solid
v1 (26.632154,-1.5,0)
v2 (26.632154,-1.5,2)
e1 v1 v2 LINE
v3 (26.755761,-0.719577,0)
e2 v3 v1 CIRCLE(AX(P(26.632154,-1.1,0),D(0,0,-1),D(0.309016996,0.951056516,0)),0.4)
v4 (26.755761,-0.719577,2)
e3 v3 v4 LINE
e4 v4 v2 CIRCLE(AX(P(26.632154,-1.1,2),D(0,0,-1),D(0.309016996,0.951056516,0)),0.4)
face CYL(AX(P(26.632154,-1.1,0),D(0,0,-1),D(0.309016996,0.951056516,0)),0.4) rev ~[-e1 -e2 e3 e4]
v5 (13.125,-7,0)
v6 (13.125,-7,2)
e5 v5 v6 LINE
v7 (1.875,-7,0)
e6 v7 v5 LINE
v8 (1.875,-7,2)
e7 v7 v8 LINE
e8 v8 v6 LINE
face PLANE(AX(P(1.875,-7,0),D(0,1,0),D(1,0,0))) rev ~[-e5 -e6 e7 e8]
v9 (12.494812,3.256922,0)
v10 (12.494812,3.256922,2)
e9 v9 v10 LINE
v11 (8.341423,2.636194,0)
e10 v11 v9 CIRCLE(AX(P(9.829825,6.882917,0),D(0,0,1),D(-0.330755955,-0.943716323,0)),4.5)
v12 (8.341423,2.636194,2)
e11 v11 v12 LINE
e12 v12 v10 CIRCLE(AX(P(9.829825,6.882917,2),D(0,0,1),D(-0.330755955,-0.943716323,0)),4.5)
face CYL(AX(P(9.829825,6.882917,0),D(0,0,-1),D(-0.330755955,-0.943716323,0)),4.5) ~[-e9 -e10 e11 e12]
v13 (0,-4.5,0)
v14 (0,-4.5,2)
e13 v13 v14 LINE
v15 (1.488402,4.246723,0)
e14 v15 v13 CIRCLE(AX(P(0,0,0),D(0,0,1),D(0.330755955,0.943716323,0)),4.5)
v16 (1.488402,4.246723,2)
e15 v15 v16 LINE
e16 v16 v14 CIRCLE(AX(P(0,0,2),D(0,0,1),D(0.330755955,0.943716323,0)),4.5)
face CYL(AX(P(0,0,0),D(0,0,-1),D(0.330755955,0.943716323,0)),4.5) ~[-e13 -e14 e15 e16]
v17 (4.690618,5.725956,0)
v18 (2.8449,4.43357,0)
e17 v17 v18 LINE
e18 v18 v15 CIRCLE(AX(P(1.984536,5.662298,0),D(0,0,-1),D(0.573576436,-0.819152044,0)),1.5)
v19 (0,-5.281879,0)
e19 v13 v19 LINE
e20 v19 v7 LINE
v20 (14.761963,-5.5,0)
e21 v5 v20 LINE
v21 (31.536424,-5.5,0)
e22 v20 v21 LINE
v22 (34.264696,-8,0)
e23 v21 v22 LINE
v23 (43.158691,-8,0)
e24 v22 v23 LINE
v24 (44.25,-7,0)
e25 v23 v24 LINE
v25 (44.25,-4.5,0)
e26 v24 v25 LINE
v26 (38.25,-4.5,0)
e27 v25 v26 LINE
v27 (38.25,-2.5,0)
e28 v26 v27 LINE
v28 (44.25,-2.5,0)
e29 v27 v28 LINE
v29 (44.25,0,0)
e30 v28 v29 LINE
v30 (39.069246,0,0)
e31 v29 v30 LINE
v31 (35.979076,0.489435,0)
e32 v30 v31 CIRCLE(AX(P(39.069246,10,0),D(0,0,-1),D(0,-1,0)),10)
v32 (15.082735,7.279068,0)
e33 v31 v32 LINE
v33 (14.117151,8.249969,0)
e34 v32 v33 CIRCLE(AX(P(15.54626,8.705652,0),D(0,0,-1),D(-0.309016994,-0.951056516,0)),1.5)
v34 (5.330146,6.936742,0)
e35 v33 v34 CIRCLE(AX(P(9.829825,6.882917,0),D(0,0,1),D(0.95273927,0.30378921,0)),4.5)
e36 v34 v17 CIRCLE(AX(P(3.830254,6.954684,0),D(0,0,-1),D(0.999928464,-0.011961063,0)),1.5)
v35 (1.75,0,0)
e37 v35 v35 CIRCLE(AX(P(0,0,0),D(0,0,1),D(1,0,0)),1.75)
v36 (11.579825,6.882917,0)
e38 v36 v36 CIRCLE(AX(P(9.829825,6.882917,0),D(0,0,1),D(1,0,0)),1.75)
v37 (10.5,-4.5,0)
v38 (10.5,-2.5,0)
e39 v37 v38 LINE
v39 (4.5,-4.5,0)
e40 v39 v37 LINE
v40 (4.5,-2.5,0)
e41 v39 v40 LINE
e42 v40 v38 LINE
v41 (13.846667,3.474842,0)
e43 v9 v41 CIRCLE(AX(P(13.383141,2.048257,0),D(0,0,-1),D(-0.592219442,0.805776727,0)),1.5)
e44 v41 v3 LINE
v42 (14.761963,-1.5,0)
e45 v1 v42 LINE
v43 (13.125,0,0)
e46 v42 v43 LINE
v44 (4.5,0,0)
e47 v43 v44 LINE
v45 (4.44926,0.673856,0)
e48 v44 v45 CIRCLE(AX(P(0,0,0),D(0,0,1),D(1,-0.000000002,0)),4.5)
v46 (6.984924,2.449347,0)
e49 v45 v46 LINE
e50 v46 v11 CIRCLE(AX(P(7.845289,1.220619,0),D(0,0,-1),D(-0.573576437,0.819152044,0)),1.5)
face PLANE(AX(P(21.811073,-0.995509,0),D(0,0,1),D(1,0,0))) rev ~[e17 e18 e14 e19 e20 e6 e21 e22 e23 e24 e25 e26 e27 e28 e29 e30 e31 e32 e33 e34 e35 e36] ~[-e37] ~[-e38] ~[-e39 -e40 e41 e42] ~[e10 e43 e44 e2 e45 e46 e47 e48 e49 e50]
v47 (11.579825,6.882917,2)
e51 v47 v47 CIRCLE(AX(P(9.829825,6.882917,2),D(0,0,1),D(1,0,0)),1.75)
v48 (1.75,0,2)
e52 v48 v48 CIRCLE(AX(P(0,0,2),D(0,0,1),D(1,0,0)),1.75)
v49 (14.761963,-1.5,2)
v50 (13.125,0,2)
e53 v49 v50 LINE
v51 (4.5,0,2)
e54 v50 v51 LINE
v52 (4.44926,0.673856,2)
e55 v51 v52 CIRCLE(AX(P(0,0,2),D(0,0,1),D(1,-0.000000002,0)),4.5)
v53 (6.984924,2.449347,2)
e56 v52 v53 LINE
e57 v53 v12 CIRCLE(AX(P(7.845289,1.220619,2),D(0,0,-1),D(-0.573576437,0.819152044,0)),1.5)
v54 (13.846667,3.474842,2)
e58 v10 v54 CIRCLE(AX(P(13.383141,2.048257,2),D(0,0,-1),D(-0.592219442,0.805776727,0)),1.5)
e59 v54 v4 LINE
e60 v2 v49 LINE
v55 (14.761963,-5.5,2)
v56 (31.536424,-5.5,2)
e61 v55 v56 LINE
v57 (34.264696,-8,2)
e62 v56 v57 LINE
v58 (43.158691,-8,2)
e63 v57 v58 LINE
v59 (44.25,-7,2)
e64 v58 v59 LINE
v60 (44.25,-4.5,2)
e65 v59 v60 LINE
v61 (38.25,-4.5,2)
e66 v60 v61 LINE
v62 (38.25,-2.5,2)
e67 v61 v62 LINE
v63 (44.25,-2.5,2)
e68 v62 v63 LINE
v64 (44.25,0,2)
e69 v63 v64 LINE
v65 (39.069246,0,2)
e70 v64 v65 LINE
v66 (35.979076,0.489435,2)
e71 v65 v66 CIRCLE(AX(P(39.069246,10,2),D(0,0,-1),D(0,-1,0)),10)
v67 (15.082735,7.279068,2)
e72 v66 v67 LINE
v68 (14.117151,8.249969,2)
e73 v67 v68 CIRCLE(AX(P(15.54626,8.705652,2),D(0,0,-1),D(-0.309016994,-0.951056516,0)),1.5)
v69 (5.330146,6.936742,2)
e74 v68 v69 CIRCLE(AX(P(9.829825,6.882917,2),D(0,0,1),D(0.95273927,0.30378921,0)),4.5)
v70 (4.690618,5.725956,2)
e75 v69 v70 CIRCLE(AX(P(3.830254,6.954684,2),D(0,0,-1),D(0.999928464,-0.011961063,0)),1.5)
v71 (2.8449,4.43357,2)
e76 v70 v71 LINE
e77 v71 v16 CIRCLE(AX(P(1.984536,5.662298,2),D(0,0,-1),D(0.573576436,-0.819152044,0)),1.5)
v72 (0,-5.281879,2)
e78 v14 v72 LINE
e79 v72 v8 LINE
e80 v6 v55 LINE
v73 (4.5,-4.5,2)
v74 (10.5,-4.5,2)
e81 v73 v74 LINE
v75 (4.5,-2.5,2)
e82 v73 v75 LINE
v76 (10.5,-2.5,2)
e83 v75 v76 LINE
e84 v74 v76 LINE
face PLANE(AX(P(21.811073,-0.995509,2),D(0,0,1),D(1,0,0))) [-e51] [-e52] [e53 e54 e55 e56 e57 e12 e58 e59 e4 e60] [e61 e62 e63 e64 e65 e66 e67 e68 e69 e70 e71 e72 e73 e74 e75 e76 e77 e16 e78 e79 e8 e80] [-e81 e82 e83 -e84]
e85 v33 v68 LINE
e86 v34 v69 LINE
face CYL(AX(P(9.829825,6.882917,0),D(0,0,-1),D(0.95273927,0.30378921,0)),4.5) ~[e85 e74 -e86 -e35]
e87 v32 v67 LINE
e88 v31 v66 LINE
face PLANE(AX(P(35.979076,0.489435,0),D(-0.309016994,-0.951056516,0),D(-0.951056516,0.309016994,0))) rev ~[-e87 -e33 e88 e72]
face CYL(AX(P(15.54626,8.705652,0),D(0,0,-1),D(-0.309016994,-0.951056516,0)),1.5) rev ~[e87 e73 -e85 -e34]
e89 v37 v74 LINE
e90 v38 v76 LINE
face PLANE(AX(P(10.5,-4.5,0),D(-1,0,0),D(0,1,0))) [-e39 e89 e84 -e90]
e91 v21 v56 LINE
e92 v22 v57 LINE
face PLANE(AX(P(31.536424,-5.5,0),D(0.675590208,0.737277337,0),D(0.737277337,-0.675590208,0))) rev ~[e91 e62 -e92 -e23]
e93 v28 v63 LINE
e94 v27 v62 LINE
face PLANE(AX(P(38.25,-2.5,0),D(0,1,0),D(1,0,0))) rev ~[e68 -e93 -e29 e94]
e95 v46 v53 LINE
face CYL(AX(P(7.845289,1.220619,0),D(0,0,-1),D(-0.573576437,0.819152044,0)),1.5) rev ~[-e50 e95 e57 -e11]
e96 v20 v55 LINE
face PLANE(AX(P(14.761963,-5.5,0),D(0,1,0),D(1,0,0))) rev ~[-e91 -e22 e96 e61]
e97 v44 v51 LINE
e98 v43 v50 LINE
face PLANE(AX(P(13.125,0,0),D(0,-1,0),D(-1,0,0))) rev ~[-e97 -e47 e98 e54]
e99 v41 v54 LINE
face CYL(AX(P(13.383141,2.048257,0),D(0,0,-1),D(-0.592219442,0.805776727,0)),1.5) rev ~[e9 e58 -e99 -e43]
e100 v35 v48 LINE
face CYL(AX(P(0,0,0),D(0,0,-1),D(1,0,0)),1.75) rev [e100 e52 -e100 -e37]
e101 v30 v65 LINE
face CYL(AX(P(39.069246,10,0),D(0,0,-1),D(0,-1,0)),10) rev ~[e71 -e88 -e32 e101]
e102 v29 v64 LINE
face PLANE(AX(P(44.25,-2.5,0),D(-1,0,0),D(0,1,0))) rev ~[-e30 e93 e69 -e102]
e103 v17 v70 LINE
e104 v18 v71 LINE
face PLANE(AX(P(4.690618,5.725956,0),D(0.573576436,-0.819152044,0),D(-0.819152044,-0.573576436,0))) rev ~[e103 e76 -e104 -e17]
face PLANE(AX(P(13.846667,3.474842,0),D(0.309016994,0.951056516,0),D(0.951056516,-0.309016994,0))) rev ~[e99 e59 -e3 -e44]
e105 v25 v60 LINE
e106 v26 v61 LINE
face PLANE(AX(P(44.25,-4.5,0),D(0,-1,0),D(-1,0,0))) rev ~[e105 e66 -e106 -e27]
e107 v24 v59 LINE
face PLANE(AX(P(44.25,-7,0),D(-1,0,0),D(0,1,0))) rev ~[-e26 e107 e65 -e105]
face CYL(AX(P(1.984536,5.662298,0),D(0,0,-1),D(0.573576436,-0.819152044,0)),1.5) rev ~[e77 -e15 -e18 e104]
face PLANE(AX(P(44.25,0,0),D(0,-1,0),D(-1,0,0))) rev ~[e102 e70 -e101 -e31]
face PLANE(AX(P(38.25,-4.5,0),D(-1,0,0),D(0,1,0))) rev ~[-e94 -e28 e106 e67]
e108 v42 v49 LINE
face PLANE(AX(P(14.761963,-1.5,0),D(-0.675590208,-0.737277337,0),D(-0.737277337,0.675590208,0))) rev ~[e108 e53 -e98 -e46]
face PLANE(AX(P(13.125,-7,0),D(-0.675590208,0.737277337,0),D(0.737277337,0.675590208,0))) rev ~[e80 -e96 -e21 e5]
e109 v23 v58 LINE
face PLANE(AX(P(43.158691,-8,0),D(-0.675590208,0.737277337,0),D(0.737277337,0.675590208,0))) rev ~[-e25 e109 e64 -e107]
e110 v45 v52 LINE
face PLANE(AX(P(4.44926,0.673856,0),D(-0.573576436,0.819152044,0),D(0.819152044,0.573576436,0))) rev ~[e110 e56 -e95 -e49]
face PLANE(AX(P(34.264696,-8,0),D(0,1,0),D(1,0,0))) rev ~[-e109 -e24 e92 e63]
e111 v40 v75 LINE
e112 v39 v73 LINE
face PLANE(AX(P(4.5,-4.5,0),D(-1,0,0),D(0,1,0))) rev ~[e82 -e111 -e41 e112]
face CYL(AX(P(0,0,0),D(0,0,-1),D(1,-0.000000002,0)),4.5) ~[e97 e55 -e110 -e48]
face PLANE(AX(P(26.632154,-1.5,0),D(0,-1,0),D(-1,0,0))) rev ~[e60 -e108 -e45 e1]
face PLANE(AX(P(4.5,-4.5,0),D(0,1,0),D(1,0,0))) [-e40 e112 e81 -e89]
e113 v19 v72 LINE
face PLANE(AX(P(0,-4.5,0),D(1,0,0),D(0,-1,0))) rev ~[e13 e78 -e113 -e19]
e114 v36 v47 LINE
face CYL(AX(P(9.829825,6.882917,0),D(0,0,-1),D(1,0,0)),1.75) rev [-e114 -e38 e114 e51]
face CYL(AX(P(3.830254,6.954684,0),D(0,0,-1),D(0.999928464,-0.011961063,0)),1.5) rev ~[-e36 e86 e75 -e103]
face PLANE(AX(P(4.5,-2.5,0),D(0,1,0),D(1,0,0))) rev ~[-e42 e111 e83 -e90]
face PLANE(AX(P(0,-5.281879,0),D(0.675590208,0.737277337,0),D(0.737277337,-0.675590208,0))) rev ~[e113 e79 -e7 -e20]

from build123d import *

# Parameters (mm, degrees)
SKETCH1_R           = 1.75
SKETCH1_W           = 6
SKETCH1_H           = 2
BOSS_EXTRUDE1_DEPTH = 2


with BuildPart() as part:
    # Sketch1 → Boss-Extrude1 (new body)
    with BuildSketch(Plane.XY):
        with BuildLine():
            Line((4.690618402, 5.725955542), (2.844900384, 4.433569872))
            ThreePointArc((2.844900384, 4.433569872), (2.189215725, 4.176328188), (1.488401797, 4.246723454))
            ThreePointArc((1.488401797, 4.246723454), (-4.436229003, 0.754898821), (0, -4.5))
            Line((0, -4.5), (0, -5.281879049))
            Line((0, -5.281879049), (1.875, -7))
            Line((1.875, -7), (13.125, -7))
            Line((13.125, -7), (14.761962752, -5.5))
            Line((14.761962752, -5.5), (31.536424497, -5.5))
            Line((31.536424497, -5.5), (34.26469575, -8))
            Line((34.26469575, -8), (43.158691499, -8))
            Line((43.158691499, -8), (44.25, -7))
            Line((44.25, -7), (44.25, -4.5))
            Line((44.25, -4.5), (38.25, -4.5))
            Line((38.25, -4.5), (38.25, -2.5))
            Line((38.25, -2.5), (44.25, -2.5))
            Line((44.25, -2.5), (44.25, 0))
            Line((44.25, 0), (39.069245955, 0))
            ThreePointArc((39.069245955, 0), (37.504901305, 0.123116594), (35.979076012, 0.489434837))
            Line((35.979076012, 0.489434837), (15.082734658, 7.279067722))
            ThreePointArc((15.082734658, 7.279067722), (14.482691436, 7.647908864), (14.117151245, 8.249968682))
            ThreePointArc((14.117151245, 8.249968682), (9.164682181, 11.333488621), (5.330146444, 6.936742015))
            ThreePointArc((5.330146444, 6.936742015), (5.156603875, 6.254115739), (4.690618402, 5.725955542))
        make_face()
        Circle(SKETCH1_R, mode=Mode.SUBTRACT)
        with Locations((9.829824531, 6.882917236)):
            Circle(SKETCH1_R, mode=Mode.SUBTRACT)
        with Locations((7.5, -3.5)):
            Rectangle(SKETCH1_W, SKETCH1_H, mode=Mode.SUBTRACT)
        with BuildLine():
            Line((13.84666668, 3.474841657), (26.75576114, -0.719577393))
            ThreePointArc((26.75576114, -0.719577393), (27.027229678, -1.162573786), (26.632154342, -1.5))
            Line((26.632154342, -1.5), (14.761962752, -1.5))
            Line((14.761962752, -1.5), (13.125, 0))
            Line((13.125, 0), (4.5, 0))
            ThreePointArc((4.5, 0), (4.487297154, 0.337882015), (4.449260331, 0.673856446))
            Line((4.449260331, 0.673856446), (6.984924148, 2.449347365))
            ThreePointArc((6.984924148, 2.449347365), (7.640608806, 2.706589049), (8.341422735, 2.636193783))
            ThreePointArc((8.341422735, 2.636193783), (10.494966882, 2.432345851), (12.494812024, 3.256921971))
            ThreePointArc((12.494812024, 3.256921971), (13.144422133, 3.529139461), (13.84666668, 3.474841657))
        make_face(mode=Mode.SUBTRACT)
    extrude(amount=BOSS_EXTRUDE1_DEPTH)


solid = part.part
